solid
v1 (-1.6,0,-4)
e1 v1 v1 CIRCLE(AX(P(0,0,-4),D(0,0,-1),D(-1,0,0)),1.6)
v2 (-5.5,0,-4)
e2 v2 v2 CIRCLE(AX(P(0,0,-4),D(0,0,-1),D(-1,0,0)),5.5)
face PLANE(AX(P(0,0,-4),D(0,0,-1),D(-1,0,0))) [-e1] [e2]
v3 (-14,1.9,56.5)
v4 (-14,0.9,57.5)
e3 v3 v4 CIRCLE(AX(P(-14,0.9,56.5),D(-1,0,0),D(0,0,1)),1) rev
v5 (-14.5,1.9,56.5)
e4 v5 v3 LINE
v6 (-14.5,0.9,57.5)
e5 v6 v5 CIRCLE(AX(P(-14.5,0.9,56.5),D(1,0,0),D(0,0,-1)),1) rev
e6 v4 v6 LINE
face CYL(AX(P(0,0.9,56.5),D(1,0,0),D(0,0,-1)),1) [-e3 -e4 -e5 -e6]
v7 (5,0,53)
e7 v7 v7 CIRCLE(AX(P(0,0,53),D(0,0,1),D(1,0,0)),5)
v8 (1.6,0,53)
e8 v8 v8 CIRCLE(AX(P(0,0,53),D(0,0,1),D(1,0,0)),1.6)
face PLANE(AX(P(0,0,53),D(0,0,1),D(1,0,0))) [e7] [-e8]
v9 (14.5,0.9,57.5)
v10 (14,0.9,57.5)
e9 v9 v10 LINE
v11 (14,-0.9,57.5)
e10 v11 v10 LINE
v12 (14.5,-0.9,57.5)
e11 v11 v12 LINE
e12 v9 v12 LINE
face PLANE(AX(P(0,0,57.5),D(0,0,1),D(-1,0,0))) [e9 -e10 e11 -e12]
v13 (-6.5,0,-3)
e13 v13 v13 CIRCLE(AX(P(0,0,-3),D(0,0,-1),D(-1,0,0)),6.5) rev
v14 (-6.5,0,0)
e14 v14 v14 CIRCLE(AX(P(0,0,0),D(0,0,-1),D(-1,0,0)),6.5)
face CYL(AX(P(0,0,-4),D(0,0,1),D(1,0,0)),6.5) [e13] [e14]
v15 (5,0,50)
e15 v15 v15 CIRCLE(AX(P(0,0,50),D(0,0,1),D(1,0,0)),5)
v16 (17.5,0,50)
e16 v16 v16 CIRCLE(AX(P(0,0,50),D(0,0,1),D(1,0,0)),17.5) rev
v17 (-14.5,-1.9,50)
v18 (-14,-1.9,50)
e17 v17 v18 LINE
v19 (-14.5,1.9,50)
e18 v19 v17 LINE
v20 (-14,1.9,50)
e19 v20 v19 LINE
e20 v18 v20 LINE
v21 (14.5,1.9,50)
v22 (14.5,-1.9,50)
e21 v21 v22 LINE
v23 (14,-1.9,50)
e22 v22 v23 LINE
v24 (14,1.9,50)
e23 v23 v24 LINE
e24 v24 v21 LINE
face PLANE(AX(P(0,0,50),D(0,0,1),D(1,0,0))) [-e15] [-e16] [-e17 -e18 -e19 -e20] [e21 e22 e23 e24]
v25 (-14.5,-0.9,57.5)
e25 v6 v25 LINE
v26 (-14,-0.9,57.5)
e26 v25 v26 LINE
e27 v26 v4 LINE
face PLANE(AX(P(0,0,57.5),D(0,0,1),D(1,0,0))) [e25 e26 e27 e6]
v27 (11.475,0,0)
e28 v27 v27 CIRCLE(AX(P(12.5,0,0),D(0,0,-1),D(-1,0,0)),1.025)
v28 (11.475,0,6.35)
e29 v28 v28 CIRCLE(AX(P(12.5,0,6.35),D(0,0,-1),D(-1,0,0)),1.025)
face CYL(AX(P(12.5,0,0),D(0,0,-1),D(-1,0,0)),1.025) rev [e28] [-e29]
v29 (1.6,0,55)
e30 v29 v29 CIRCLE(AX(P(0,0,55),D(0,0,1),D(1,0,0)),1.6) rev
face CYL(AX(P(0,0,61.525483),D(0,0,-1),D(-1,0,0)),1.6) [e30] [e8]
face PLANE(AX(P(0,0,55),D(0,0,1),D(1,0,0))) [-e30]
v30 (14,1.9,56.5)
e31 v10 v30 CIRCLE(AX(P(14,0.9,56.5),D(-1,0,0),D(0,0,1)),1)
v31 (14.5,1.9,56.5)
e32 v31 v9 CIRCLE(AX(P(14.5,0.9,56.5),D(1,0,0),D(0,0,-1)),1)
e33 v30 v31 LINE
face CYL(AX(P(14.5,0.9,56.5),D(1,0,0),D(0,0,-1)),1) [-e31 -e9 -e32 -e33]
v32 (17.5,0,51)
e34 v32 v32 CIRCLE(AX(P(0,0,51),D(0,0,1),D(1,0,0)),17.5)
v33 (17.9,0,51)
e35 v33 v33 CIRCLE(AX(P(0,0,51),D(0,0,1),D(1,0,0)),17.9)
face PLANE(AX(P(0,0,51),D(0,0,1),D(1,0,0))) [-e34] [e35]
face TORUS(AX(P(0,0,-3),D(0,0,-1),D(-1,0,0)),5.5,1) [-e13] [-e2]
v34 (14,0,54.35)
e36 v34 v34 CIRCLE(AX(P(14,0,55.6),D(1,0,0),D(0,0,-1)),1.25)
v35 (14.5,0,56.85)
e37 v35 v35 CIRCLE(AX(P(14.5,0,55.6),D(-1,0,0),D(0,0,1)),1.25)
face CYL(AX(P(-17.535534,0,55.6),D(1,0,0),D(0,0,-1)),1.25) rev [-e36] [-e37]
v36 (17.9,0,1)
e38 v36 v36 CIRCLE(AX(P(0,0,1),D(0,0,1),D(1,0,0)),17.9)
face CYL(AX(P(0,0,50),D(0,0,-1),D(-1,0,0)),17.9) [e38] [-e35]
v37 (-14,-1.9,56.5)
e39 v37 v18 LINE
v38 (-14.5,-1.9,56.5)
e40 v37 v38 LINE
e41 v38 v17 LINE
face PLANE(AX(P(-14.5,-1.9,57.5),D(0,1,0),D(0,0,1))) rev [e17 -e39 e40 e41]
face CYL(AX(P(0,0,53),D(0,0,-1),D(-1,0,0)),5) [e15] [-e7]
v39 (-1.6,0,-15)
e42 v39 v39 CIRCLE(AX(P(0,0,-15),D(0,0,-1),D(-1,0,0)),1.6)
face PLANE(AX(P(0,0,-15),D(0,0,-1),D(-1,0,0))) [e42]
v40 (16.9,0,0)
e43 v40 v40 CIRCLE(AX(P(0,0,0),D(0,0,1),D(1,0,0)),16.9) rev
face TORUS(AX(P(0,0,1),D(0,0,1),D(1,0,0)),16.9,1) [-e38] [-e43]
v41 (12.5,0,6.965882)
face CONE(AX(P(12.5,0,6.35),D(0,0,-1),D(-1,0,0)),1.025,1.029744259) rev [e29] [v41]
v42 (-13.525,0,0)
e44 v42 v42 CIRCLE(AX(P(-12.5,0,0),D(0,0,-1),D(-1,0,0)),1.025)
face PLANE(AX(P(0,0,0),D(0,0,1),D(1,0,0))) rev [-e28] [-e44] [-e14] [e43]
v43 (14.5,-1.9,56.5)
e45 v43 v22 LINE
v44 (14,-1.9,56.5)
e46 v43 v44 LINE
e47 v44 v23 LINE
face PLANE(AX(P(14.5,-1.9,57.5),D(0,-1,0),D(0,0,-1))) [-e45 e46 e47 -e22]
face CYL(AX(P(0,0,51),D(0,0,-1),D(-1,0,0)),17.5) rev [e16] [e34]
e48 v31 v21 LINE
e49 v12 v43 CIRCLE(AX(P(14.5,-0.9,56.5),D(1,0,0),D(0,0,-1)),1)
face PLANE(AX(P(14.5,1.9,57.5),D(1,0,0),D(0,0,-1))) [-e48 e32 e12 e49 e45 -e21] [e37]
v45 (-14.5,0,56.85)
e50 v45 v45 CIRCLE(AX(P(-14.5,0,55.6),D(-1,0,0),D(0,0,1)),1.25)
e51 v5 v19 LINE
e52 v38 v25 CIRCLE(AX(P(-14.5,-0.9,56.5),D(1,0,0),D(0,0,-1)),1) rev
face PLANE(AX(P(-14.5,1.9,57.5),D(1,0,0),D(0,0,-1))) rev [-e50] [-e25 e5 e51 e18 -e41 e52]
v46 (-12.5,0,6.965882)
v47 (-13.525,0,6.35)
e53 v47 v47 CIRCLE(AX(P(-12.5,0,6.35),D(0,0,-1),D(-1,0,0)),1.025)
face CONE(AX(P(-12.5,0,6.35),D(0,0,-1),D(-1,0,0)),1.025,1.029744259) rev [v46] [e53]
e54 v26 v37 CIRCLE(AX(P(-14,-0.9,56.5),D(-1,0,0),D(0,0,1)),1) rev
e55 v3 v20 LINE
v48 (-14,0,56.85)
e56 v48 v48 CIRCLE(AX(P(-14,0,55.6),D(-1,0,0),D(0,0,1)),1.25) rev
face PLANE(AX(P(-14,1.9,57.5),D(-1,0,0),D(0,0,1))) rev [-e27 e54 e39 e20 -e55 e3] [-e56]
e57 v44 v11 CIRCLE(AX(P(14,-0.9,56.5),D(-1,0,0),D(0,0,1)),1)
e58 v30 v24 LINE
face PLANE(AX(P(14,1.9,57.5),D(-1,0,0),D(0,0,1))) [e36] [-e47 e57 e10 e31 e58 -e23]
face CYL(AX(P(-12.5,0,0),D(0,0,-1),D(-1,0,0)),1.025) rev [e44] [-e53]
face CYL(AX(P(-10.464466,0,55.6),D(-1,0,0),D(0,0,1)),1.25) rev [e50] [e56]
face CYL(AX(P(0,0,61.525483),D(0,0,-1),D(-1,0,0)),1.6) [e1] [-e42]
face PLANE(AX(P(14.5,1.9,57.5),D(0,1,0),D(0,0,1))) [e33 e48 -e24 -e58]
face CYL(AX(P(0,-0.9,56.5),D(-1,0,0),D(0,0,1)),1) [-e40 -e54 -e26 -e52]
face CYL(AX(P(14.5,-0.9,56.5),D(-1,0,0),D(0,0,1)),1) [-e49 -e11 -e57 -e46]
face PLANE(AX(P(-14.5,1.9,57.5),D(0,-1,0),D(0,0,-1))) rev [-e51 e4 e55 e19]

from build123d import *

# Parameters (mm, degrees)
SKETCH1_R                    = 17.9
BOSS_EXTRUDE1_DEPTH          = 50
SKETCH2_R                    = 6.5
BOSS_EXTRUDE2_DEPTH          = 4
SKETCH4_R                    = 5
BOSS_EXTRUDE3_DEPTH          = 3
BOSS_EXTRUDE4_DEPTH          = 11
BOSS_EXTRUDE4_DEPTH_BACK     = 59
SKETCH3_R                    = 1.6
SKETCH5_R                    = 17.9
SKETCH5_R_2                  = 17.5
BOSS_EXTRUDE5_DEPTH          = 1
SKETCH6_W                    = 0.5
SKETCH6_H                    = 3.8
BOSS_EXTRUDE6_DEPTH          = 7.5
SKETCH7_R                    = 1.25
CUT_EXTRUDE1_DEPTH           = 0.5
FILLET1_R                    = 1
FILLET1_OF_MIRROR3_R         = 1
FILLET2_R                    = 1
FILLET3_R                    = 1
M2_5X0_45_TAPPED_HOLE1_D     = 2.05
M2_5X0_45_TAPPED_HOLE1_DEPTH = 6.35
M2_5X0_45_TAPPED_HOLE1_TIP   = 0.615882135


with BuildPart() as part:
    # Sketch1 → Boss-Extrude1 (new body)
    with BuildSketch(Plane.XY):
        Circle(SKETCH1_R)
    extrude(amount=BOSS_EXTRUDE1_DEPTH)

    # Sketch2 → Boss-Extrude2 (add)
    with BuildSketch(Plane(origin=(0, 0, 0), x_dir=(-1, 0, 0), z_dir=(0, 0, -1))):
        Circle(SKETCH2_R)
    extrude(amount=BOSS_EXTRUDE2_DEPTH)

    # Sketch4 → Boss-Extrude3 (add)
    with BuildSketch(Plane.XY.offset(50)):
        Circle(SKETCH4_R)
    extrude(amount=BOSS_EXTRUDE3_DEPTH)

    # Sketch3 → Boss-Extrude4 (add, two sides: drawn at the far end of the back side and taken through both)
    with BuildSketch(Plane(origin=(0, 0, -4), x_dir=(-1, 0, 0), z_dir=(0, 0, -1)).offset(-BOSS_EXTRUDE4_DEPTH_BACK)):
        with Locations(Location((0, 0, 0), (0, 0, 180))):
            Circle(SKETCH3_R)
    extrude(amount=BOSS_EXTRUDE4_DEPTH + BOSS_EXTRUDE4_DEPTH_BACK)

    # Sketch5 → Boss-Extrude5 (add)
    with BuildSketch(Plane.XY.offset(50)):
        Circle(SKETCH5_R)
        Circle(SKETCH5_R_2, mode=Mode.SUBTRACT)
    extrude(amount=BOSS_EXTRUDE5_DEPTH)

    # Sketch6 → Boss-Extrude6 (add)
    with BuildSketch(Plane.XY.offset(50)):
        with Locations((-14.25, 0)):
            Rectangle(SKETCH6_W, SKETCH6_H)
    boss_extrude6 = extrude(amount=BOSS_EXTRUDE6_DEPTH)

    # Sketch7 → Cut-Extrude1 (cut)
    with BuildSketch(Plane.ZY.offset(14.5)):
        with Locations((55.6, 0)):
            Circle(SKETCH7_R)
    cut_extrude1 = extrude(amount=-CUT_EXTRUDE1_DEPTH, mode=Mode.SUBTRACT)

    # Fillet1
    fillet1_edges = [part.edges().sort_by_distance(p)[0] for p in [
        (-14.25, 1.9, 57.5),
        (-14.25, -1.9, 57.5),
    ]]
    fillet(fillet1_edges, radius=FILLET1_R)

    # Mirror3: Boss-Extrude6, Cut-Extrude1 across plane
    add(boss_extrude6.mirror(Plane(origin=(0, 0, 0), x_dir=(0, 0, 1), z_dir=(1, 0, 0))))
    add(cut_extrude1.mirror(Plane(origin=(0, 0, 0), x_dir=(0, 0, 1), z_dir=(1, 0, 0))), mode=Mode.SUBTRACT)

    # Fillet1 of Mirror3
    fillet1_of_mirror3_edges = [part.edges().sort_by_distance(p)[0] for p in [
        (14.25, 1.9, 57.5),
        (14.25, -1.9, 57.5),
    ]]
    fillet(fillet1_of_mirror3_edges, radius=FILLET1_OF_MIRROR3_R)

    # Fillet2
    fillet2_edges = [part.edges().sort_by_distance(p)[0] for p in [
        (-17.9, 0, 0),
    ]]
    fillet(fillet2_edges, radius=FILLET2_R)

    # Fillet3
    fillet3_edges = [part.edges().sort_by_distance(p)[0] for p in [
        (6.5, 0, -4),
    ]]
    fillet(fillet3_edges, radius=FILLET3_R)

    # M2.5x0.45 Tapped Hole1
    with Locations(Plane(origin=(0, 0, 0), x_dir=(-1, 0, 0), z_dir=(0, 0, -1))):
        with Locations((-12.5, 0), (12.5, 0)):
            Hole(M2_5X0_45_TAPPED_HOLE1_D / 2, depth=M2_5X0_45_TAPPED_HOLE1_DEPTH)
            with Locations((0, 0, -(M2_5X0_45_TAPPED_HOLE1_DEPTH + M2_5X0_45_TAPPED_HOLE1_TIP / 2))):  # 118° drill point
                Cone(0, M2_5X0_45_TAPPED_HOLE1_D / 2, M2_5X0_45_TAPPED_HOLE1_TIP, mode=Mode.SUBTRACT)


solid = part.part
